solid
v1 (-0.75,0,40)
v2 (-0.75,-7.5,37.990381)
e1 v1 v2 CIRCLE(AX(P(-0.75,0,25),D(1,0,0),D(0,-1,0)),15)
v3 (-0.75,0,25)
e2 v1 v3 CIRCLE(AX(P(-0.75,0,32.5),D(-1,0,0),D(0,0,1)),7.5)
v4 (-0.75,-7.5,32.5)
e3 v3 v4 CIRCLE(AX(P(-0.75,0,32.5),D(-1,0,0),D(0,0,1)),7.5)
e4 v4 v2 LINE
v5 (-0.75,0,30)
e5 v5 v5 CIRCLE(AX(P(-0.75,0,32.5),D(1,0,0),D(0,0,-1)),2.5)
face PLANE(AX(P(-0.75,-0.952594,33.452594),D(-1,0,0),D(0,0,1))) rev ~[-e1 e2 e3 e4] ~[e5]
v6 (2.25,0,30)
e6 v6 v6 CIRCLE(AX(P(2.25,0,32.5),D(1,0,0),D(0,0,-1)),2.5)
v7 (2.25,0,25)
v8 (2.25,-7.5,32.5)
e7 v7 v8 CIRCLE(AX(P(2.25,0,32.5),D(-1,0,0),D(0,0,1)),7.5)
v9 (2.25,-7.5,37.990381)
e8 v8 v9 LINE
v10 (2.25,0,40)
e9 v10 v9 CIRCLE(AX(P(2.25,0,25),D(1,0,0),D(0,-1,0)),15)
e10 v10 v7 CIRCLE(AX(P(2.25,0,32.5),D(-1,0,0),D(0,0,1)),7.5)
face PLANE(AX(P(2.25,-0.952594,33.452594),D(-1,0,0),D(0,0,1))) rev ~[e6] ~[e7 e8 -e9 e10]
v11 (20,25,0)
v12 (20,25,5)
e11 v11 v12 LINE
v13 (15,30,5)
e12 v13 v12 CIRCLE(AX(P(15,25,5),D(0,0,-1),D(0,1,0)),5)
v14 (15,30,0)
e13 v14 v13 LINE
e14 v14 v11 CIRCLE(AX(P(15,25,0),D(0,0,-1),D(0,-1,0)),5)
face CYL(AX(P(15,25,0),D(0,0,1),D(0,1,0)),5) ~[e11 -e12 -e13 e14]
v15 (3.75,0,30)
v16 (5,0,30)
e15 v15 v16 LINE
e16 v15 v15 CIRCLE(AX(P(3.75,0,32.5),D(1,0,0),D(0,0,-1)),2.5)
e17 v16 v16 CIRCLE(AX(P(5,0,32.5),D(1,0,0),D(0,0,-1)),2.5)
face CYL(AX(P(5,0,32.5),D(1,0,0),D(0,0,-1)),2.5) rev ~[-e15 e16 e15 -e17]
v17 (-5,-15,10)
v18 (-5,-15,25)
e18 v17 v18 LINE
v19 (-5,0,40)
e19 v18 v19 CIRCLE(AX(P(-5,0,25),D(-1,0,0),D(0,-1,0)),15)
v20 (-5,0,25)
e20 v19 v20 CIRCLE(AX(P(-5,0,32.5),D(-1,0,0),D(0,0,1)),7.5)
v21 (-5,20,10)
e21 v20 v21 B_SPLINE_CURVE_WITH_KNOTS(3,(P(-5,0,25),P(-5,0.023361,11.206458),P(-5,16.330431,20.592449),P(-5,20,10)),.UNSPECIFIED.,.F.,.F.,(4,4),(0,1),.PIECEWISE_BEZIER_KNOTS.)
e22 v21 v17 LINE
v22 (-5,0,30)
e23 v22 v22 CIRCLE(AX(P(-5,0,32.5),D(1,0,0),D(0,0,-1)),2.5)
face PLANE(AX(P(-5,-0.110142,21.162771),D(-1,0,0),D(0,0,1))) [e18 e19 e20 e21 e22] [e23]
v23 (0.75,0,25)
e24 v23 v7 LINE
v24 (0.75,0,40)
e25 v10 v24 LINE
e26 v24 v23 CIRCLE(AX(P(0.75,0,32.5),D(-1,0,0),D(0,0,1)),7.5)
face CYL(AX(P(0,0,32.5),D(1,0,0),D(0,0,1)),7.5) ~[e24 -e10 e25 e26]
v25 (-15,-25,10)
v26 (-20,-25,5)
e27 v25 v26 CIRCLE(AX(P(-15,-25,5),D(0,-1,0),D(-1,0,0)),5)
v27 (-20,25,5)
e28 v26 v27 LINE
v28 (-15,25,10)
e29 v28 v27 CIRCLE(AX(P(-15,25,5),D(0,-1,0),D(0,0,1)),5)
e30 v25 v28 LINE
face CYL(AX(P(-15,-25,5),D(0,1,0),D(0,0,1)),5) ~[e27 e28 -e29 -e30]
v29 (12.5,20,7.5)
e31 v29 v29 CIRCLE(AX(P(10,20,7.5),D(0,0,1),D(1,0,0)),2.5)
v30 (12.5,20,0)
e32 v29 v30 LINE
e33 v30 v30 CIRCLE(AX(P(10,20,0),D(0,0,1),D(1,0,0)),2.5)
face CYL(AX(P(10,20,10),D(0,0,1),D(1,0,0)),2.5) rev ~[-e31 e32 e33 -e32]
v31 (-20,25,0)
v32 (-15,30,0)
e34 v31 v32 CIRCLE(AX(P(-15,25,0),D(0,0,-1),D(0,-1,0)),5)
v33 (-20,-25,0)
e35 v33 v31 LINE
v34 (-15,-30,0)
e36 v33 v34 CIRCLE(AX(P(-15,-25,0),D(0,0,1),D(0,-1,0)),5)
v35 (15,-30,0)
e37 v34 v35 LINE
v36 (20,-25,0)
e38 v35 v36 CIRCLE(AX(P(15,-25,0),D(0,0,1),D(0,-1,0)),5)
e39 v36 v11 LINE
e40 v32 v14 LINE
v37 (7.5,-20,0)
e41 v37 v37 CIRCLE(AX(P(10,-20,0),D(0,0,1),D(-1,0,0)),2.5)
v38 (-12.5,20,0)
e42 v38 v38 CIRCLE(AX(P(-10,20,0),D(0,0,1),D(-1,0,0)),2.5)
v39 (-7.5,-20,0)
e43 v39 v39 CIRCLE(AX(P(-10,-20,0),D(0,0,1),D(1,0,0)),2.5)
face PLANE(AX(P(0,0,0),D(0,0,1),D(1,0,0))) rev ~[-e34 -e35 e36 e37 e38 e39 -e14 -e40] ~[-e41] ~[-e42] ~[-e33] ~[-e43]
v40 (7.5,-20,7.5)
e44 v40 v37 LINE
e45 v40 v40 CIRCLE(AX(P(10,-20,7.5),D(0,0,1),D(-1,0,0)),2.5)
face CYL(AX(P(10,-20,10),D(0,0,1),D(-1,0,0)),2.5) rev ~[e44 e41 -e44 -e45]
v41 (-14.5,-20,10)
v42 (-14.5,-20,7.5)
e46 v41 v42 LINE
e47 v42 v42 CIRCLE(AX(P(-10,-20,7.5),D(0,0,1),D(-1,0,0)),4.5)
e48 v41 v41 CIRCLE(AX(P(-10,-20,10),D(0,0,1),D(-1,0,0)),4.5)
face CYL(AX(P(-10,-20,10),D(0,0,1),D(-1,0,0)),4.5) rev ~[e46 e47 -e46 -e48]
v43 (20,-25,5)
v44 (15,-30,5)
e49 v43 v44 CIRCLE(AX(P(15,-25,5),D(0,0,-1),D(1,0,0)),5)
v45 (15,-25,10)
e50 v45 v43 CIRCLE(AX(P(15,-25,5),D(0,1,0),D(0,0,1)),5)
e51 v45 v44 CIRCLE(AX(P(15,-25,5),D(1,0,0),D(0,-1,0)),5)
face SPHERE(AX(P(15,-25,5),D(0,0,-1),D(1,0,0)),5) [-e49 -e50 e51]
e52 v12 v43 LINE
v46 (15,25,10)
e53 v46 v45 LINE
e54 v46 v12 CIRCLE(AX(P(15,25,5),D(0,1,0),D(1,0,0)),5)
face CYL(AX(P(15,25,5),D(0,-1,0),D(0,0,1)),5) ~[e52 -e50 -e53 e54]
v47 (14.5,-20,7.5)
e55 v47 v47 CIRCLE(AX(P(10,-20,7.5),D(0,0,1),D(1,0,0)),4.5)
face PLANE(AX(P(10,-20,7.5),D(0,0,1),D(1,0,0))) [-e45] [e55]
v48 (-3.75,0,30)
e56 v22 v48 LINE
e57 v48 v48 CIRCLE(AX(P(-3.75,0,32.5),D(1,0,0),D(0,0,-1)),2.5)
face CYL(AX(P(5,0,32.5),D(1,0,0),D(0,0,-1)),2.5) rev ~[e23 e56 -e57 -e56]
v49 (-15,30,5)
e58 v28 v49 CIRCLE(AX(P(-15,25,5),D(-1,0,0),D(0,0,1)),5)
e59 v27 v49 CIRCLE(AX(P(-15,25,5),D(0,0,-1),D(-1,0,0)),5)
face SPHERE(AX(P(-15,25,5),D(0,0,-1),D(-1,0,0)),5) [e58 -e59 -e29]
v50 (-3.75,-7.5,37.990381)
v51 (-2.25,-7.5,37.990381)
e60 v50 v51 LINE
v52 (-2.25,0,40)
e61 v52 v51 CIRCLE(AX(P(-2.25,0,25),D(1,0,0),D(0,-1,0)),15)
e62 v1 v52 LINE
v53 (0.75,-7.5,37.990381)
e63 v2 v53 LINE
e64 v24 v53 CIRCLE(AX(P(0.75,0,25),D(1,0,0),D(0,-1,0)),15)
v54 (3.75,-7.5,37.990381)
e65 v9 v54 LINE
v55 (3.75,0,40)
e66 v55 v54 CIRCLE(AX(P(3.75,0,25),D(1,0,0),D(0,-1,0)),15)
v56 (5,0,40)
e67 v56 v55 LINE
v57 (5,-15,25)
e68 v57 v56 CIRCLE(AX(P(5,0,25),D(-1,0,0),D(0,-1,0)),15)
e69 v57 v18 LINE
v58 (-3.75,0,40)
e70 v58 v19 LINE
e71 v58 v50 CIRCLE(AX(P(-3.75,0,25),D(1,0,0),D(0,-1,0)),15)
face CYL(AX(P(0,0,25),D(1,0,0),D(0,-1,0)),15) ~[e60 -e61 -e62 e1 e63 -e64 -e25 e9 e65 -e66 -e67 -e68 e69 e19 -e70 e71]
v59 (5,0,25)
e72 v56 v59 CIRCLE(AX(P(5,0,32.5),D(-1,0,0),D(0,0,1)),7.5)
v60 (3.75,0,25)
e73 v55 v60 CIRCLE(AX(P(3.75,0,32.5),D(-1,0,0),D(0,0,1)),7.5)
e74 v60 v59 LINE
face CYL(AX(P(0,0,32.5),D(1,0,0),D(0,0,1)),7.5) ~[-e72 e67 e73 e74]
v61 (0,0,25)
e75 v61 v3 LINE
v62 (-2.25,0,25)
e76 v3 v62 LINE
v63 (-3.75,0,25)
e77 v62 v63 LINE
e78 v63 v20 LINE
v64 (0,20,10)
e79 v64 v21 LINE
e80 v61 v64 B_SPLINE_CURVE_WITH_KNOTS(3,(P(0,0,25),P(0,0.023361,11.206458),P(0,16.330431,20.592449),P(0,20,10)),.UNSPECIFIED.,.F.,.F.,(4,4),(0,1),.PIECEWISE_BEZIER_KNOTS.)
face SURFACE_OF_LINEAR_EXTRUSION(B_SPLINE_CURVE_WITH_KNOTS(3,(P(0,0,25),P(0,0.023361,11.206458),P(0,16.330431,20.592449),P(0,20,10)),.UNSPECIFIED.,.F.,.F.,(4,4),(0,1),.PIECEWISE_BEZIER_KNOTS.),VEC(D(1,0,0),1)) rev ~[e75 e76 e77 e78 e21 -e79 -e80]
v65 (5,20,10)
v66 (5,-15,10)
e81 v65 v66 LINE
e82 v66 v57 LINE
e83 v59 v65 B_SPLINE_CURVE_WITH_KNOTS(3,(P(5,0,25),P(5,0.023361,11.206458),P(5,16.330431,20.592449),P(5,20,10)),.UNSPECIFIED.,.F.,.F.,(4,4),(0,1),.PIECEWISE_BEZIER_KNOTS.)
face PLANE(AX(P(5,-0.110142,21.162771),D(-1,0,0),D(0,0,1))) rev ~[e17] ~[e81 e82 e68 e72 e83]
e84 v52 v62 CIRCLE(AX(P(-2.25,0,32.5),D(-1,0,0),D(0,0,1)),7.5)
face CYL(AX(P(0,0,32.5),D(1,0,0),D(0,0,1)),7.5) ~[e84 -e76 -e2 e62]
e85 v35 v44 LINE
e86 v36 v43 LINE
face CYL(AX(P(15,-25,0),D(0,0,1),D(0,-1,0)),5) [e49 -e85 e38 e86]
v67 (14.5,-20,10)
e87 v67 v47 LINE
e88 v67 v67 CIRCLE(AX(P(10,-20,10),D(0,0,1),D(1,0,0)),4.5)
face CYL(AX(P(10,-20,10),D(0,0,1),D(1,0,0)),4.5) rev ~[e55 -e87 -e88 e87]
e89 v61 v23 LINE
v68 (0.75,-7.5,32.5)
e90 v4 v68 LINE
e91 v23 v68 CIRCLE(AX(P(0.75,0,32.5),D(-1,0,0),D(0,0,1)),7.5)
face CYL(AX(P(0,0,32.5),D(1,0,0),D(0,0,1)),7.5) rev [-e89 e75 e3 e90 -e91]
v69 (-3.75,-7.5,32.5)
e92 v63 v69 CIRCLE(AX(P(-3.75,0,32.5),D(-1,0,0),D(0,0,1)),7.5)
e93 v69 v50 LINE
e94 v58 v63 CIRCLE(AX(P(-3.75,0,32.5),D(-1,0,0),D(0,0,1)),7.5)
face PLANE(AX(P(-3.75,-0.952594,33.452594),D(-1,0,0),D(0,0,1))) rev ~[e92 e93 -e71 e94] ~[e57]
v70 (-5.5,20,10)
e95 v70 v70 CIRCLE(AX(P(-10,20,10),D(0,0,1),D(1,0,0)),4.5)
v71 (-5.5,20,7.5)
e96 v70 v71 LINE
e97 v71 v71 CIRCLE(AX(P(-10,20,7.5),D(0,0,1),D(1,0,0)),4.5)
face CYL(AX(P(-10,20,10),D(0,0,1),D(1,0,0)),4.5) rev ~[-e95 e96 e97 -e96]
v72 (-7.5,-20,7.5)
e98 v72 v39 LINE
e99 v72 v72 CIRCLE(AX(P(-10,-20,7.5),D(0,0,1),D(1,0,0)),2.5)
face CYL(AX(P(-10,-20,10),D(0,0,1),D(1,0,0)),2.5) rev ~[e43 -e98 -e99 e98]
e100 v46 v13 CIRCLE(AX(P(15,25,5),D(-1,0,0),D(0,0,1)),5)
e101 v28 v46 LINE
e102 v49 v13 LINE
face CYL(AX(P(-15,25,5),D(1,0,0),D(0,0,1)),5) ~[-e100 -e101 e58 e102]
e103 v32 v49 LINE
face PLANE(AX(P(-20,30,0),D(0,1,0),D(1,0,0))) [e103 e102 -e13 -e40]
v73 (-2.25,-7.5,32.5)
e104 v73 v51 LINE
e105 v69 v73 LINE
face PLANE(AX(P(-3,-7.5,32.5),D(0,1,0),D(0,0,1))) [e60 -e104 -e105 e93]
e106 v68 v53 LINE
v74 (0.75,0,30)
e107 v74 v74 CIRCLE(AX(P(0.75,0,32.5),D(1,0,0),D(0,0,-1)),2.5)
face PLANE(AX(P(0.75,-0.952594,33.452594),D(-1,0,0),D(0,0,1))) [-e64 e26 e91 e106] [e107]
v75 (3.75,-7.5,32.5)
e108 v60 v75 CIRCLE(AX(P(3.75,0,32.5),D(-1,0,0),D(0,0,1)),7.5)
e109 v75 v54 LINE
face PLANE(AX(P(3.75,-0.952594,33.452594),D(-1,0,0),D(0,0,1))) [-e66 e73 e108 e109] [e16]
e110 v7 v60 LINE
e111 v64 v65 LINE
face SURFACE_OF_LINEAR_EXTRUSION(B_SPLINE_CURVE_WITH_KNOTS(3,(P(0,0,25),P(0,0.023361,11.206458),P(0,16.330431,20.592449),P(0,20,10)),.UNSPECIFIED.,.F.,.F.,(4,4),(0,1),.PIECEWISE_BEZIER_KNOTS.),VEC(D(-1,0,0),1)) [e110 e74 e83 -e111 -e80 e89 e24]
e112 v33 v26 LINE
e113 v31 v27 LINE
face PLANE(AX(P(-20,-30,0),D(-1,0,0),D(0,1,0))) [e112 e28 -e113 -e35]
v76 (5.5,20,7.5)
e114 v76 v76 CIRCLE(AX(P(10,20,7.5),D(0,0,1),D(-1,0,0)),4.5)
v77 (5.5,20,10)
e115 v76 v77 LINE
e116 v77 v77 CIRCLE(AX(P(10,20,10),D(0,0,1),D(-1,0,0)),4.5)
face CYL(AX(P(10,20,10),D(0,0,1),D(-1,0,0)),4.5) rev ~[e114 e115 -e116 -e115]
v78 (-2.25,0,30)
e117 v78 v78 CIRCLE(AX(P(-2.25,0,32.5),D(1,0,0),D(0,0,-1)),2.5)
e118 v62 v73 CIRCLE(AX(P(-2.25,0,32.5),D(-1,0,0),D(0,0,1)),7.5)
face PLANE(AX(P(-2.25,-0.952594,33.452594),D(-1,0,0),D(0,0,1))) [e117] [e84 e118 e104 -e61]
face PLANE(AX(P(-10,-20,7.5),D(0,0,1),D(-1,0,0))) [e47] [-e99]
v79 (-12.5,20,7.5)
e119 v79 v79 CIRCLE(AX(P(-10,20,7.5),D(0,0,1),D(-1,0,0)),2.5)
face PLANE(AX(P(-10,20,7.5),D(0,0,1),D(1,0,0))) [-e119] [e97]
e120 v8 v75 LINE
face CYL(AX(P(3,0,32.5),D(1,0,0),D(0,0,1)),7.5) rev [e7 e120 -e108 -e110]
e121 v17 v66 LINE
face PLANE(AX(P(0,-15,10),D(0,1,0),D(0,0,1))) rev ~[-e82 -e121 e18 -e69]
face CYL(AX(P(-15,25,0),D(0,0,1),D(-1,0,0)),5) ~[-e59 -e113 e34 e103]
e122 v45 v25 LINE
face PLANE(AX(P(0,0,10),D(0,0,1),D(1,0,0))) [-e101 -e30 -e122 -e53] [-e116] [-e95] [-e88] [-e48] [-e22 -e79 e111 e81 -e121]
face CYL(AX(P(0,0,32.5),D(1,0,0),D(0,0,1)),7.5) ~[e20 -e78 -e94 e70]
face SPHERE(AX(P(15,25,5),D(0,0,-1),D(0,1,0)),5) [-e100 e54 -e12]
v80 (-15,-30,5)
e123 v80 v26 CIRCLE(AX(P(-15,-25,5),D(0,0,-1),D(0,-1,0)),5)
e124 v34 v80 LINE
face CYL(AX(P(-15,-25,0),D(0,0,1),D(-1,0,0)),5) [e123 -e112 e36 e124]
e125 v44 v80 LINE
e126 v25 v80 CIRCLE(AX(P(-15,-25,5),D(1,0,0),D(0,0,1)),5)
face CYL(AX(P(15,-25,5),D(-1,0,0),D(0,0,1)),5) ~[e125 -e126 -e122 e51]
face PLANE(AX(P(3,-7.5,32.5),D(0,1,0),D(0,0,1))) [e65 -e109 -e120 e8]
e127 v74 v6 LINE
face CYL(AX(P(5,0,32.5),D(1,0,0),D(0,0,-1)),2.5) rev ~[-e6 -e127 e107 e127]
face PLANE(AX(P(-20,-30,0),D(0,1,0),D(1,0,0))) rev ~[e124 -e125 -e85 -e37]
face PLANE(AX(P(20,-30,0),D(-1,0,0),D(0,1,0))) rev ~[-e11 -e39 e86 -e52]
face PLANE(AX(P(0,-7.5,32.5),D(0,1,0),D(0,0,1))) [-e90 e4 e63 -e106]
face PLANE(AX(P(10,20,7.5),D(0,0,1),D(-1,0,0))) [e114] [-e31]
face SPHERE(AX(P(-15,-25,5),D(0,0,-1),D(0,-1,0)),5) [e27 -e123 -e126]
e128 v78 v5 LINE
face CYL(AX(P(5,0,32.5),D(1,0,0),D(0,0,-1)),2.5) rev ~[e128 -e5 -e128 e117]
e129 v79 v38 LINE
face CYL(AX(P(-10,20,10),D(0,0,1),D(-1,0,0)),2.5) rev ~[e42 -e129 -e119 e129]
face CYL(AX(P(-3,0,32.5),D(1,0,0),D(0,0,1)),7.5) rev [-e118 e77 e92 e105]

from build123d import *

# Parameters (mm, degrees)
SKETCH1_W           = 40
SKETCH1_H           = 60
BOSS_EXTRUDE1_DEPTH = 10
SKETCH2_R           = 2.5
CUT_EXTRUDE1_DEPTH  = 10
FILLET1_R           = 5
FILLET2_R           = 5
BOSS_EXTRUDE2_DEPTH = 5
CUT_EXTRUDE2_DEPTH  = 0.75
LPATTERN1_COUNT     = 2
LPATTERN1_PITCH     = 3
LPATTERN2_COUNT     = 2
LPATTERN2_PITCH     = 3
SKETCH5_R           = 4.5
CUT_EXTRUDE3_DEPTH  = 2.5
SKETCH6_R           = 2.5
CUT_EXTRUDE4_DEPTH  = 23.5


with BuildPart() as part:
    # Sketch1 → Boss-Extrude1 (new body)
    with BuildSketch(Plane.XY):
        Rectangle(SKETCH1_W, SKETCH1_H)
    extrude(amount=BOSS_EXTRUDE1_DEPTH)

    # Sketch2 → Cut-Extrude1 (cut)
    with BuildSketch(Plane.XY.offset(10)):
        with Locations((-10, -20)):
            Circle(SKETCH2_R)
        with Locations(Location((10, -20, 0), (0, 0, 180))):
            Circle(SKETCH2_R)
        with Locations((10, 20)):
            Circle(SKETCH2_R)
        with Locations(Location((-10, 20, 0), (0, 0, 180))):
            Circle(SKETCH2_R)
    extrude(amount=-CUT_EXTRUDE1_DEPTH, mode=Mode.SUBTRACT)

    # Fillet1
    fillet1_edges = [part.edges().sort_by_distance(p)[0] for p in [
        (20, -30, 5),
        (-20, -30, 5),
        (-20, 30, 5),
        (20, 30, 5),
    ]]
    fillet(fillet1_edges, radius=FILLET1_R)

    # Fillet2
    fillet2_edges = [part.edges().sort_by_distance(p)[0] for p in [
        (0, 30, 10),
        (20, 0, 10),
        (-20, 0, 10),
        (0, -30, 10),
        (-18.535533906, 28.535533906, 10),
        (-18.535533906, -28.535533906, 10),
        (18.535533906, -28.535533906, 10),
        (18.535533906, 28.535533906, 10),
    ]]
    fillet(fillet2_edges, radius=FILLET2_R)

    # Sketch3 → Boss-Extrude2 (add, symmetric)
    with BuildSketch(Plane(origin=(0, 0, 0), x_dir=(0, 0, -1), z_dir=(1, 0, 0))):
        with BuildLine():
            Line((-10, -15), (-25, -15))
            ThreePointArc((-25, -15), (-35.606601718, -10.606601718), (-40, 0))
            ThreePointArc((-40, 0), (-32.5, 7.5), (-25, 0))
            add(Edge.make_bspline(
                [(-25, 0), (-11.206458261, 0.023360815), (-20.592449016, 16.330430805), (-10, 20)],
                knots=[0, 0, 0, 0, 1, 1, 1, 1], degree=3))
            Line((-10, 20), (-10, -15))
        make_face()
    extrude(amount=BOSS_EXTRUDE2_DEPTH, both=True)

    # Sketch4 → Cut-Extrude2 (cut, symmetric)
    with BuildSketch(Plane(origin=(0, 0, 0), x_dir=(0, 0, -1), z_dir=(1, 0, 0))):
        with BuildLine():
            Line((-32.5, -7.5), (-40, -7.5))
            Line((-40, -7.5), (-40, 0))
            ThreePointArc((-40, 0), (-27.196699141, 5.303300859), (-32.5, -7.5))
        make_face()
    cut_extrude2 = extrude(amount=CUT_EXTRUDE2_DEPTH, both=True, mode=Mode.SUBTRACT)

    # LPattern1: Cut-Extrude2 ×2
    with Locations(*[(-i * LPATTERN1_PITCH, 0, 0) for i in range(1, LPATTERN1_COUNT)]):
        add(cut_extrude2, mode=Mode.SUBTRACT)

    # LPattern2: Cut-Extrude2 ×2
    with Locations(*[(i * LPATTERN2_PITCH, 0, 0) for i in range(1, LPATTERN2_COUNT)]):
        add(cut_extrude2, mode=Mode.SUBTRACT)

    # Sketch5 → Cut-Extrude3 (cut, symmetric)
    with BuildSketch(Plane.XY.offset(10)):
        with Locations(Location((-10, -20, 0), (0, 0, 180))):
            Circle(SKETCH5_R)
        with Locations((-10, 20)):
            Circle(SKETCH5_R)
        with Locations((10, -20)):
            Circle(SKETCH5_R)
        with Locations(Location((10, 20, 0), (0, 0, 180))):
            Circle(SKETCH5_R)
    extrude(amount=CUT_EXTRUDE3_DEPTH, both=True, mode=Mode.SUBTRACT)

    # Sketch6 → Cut-Extrude4 (cut, symmetric)
    with BuildSketch(Plane(origin=(5, 0, 0), x_dir=(0, 0, -1), z_dir=(1, 0, 0))):
        with Locations((-32.5, 0)):
            Circle(SKETCH6_R)
    extrude(amount=CUT_EXTRUDE4_DEPTH, both=True, mode=Mode.SUBTRACT)


solid = part.part
